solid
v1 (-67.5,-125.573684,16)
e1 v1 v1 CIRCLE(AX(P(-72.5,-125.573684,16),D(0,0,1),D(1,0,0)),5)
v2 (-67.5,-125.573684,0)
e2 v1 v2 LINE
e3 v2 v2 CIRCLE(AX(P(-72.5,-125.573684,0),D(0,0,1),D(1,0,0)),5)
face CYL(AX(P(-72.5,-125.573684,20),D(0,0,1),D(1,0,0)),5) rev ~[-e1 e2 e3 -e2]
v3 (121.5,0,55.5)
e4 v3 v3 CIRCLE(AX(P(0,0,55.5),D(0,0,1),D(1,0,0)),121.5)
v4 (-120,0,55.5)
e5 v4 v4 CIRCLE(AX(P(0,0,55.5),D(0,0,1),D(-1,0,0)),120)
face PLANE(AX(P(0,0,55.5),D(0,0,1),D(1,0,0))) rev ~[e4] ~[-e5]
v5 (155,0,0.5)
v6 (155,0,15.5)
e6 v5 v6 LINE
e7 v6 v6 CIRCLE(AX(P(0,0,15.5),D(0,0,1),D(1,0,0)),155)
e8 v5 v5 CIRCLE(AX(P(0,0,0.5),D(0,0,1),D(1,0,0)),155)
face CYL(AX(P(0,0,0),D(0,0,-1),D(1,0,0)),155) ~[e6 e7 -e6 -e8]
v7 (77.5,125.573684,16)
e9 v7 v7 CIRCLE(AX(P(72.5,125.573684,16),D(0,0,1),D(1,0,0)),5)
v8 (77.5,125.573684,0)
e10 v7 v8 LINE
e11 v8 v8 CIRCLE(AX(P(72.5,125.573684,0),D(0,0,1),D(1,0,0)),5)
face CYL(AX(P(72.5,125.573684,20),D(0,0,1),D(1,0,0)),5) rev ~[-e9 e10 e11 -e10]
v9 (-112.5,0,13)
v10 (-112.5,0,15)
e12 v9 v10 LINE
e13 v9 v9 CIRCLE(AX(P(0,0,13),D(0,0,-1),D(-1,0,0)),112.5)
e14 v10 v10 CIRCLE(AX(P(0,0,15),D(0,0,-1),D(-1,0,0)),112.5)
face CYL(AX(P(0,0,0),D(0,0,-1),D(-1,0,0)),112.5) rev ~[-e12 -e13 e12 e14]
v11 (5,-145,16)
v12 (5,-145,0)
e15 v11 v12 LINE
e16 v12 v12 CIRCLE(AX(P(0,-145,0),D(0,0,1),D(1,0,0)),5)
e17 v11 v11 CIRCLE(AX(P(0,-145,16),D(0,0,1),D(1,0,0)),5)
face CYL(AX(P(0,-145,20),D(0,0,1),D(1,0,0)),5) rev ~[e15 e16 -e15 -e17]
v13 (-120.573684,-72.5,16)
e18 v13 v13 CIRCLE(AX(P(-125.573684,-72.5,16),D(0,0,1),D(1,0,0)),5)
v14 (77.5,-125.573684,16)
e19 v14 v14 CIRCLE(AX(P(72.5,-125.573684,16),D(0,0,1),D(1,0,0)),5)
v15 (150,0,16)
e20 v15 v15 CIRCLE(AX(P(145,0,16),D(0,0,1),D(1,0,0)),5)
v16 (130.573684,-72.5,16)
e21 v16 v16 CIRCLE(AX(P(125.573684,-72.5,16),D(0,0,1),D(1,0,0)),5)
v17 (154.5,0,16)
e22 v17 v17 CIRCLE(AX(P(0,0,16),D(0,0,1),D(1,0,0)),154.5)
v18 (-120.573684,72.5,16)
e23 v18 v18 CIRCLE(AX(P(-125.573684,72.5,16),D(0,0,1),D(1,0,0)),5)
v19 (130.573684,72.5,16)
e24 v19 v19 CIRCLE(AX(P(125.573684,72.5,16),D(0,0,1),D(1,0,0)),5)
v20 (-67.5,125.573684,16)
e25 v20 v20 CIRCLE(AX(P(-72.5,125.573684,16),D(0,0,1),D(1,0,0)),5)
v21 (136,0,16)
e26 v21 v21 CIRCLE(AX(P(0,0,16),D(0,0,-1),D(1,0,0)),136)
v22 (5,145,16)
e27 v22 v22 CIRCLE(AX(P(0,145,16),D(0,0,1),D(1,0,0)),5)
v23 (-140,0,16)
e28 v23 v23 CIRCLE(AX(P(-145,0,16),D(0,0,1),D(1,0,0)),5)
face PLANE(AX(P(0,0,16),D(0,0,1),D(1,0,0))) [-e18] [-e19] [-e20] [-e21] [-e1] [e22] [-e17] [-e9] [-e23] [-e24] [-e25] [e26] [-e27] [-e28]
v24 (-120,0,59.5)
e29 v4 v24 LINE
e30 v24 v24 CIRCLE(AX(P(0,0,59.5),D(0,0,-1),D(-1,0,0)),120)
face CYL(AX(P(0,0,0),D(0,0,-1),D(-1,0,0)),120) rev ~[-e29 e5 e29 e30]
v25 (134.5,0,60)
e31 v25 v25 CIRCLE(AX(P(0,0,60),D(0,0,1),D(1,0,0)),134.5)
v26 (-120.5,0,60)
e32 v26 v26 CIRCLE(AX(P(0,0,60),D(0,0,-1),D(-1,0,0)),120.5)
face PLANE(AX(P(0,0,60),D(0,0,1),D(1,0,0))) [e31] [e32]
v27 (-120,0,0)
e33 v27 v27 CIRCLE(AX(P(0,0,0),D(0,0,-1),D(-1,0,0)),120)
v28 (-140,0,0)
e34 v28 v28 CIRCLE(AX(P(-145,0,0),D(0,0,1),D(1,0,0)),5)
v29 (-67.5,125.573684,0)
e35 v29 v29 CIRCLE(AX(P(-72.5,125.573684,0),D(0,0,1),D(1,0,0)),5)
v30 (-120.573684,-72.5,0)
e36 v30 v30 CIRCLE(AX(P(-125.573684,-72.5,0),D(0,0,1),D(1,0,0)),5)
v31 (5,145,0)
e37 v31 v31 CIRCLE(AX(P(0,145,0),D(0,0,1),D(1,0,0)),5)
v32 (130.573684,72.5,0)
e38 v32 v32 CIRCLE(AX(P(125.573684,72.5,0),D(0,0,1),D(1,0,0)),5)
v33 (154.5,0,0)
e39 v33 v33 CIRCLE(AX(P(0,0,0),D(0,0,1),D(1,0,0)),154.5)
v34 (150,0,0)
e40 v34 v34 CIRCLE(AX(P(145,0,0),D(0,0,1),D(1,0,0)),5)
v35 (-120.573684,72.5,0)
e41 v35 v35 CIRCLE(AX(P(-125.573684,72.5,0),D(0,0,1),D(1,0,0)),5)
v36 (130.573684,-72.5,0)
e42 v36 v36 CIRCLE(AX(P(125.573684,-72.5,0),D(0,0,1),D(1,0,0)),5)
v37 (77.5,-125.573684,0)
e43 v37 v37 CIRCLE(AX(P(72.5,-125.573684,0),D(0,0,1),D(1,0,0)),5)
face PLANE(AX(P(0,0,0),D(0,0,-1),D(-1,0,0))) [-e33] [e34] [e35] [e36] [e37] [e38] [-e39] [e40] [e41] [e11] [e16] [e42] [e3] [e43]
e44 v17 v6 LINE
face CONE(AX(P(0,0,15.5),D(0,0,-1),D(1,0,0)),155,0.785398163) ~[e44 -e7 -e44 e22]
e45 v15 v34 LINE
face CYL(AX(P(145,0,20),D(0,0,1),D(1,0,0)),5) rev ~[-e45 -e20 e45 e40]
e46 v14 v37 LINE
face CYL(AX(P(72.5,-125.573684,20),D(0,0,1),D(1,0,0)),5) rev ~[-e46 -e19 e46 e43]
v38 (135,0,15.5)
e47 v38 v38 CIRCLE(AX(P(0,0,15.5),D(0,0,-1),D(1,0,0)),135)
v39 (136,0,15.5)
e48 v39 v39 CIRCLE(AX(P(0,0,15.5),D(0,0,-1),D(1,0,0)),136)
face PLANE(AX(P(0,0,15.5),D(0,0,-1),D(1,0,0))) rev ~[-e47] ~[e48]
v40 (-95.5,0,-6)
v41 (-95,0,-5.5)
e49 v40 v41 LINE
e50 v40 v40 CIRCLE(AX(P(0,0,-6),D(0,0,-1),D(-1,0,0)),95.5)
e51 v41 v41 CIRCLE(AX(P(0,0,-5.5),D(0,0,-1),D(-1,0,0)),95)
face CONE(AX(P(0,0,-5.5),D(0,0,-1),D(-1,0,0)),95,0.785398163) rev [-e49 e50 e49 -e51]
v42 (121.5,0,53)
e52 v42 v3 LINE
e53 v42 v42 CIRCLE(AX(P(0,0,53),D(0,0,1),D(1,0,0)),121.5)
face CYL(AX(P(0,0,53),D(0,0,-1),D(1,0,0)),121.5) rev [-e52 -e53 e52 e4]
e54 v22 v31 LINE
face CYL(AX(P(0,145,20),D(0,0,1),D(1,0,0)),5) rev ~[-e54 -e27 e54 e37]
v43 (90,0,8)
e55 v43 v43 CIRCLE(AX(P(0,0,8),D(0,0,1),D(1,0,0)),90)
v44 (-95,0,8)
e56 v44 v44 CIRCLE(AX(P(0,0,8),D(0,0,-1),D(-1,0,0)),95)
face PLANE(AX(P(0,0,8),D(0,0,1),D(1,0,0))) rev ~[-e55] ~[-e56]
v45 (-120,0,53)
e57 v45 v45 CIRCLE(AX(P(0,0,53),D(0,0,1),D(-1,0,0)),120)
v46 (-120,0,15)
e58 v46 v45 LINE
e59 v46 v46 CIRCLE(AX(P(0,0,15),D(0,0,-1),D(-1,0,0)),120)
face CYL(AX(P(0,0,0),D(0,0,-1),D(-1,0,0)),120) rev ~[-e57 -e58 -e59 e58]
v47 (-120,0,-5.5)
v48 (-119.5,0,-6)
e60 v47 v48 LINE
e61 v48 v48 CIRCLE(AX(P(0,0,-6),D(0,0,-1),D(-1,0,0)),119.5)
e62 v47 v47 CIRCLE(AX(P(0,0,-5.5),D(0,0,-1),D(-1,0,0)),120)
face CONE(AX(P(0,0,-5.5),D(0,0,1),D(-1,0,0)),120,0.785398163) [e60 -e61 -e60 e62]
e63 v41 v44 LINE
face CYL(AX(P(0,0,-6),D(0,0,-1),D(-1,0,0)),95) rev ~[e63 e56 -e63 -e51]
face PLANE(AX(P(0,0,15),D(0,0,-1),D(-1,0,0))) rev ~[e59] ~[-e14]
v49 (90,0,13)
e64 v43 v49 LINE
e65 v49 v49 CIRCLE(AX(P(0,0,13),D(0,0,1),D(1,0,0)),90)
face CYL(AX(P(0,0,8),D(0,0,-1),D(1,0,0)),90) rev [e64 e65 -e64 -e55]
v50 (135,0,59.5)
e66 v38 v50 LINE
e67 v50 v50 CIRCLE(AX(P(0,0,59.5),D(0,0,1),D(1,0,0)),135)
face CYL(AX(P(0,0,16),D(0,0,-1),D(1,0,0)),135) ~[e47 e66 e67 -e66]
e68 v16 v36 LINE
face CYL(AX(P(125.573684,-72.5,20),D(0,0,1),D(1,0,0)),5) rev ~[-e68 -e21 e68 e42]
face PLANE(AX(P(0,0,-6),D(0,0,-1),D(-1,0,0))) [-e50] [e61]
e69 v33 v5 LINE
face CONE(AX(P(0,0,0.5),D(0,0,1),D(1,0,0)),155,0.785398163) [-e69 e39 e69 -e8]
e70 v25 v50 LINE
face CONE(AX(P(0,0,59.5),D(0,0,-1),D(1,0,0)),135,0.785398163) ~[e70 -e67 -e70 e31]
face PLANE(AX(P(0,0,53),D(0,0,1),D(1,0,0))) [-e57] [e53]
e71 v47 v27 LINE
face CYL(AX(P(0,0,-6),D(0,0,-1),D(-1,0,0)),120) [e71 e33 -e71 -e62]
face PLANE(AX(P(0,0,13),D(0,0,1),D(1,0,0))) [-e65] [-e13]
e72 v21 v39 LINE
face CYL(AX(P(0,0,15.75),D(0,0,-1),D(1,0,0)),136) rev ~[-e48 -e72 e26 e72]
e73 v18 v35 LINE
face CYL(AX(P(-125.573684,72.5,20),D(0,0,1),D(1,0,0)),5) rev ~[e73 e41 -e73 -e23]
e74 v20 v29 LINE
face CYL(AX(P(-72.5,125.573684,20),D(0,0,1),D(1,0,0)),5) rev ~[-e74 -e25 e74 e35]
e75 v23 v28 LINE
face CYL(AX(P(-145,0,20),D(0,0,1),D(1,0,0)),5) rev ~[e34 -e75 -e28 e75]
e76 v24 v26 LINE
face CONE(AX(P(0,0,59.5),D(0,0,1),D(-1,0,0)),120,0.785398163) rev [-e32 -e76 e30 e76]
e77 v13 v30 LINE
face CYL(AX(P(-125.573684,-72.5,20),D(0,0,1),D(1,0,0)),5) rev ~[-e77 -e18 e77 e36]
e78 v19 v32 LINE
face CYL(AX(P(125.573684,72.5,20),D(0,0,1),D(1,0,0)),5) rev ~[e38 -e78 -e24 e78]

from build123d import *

# Parameters (mm, degrees)
SKETCH_1_R          = 155
EXTRUDE_1_DEPTH     = 20
SKETCH_2_R          = 135
EXTRUDE_2_DEPTH     = 40
SKETCH_3_R          = 120
CUT_EXTRUDE_1_DEPTH = 228.266363547
SKETCH_4_R          = 120
SKETCH_4_R_2        = 112.5
EXTRUDE_3_DEPTH     = 15
SKETCH_5_R          = 121.5
SKETCH_5_R_2        = 120
CUT_EXTRUDE_2_DEPTH = 2.5
SKETCH_7_R          = 5
CUT_EXTRUDE_3_DEPTH = 25
SKETCH_9_R          = 120
CUT_EXTRUDE_4_DEPTH = 13
EXTRUDE_START       = 19
SKETCH_10_R         = 120
SKETCH_10_R_2       = 95
EXTRUDE_4_DEPTH     = 19
EXTRUDE_START_2     = -5
SKETCH_12_R         = 95
SKETCH_12_R_2       = 90
EXTRUDE_5_DEPTH     = 5
CUT_EXTRUDE_START   = -4
SKETCH_13_R         = 155
SKETCH_13_R_2       = 135
CUT_EXTRUDE_5_DEPTH = 4
CHAMFER_1_SIZE      = 0.5
SKETCH_14_W         = 1
SKETCH_14_H         = 0.5


with BuildPart() as part:
    # 草图1 → 拉伸1 (new body)
    with BuildSketch(Plane.XY):
        Circle(SKETCH_1_R)
    extrude(amount=EXTRUDE_1_DEPTH)

    # 草图2 → 拉伸2 (add)
    with BuildSketch(Plane.XY.offset(20)):
        Circle(SKETCH_2_R)
    extrude(amount=EXTRUDE_2_DEPTH)

    # 草图3 → 切除-拉伸1 (cut, through all)
    with BuildSketch(Plane(origin=(0, 0, 0), x_dir=(-1, 0, 0), z_dir=(0, 0, -1))):
        Circle(SKETCH_3_R)
    extrude(amount=-CUT_EXTRUDE_1_DEPTH, mode=Mode.SUBTRACT)

    # 草图4 → 拉伸3 (add)
    with BuildSketch(Plane(origin=(0, 0, 0), x_dir=(-1, 0, 0), z_dir=(0, 0, -1))):
        Circle(SKETCH_4_R)
        Circle(SKETCH_4_R_2, mode=Mode.SUBTRACT)
    extrude(amount=-EXTRUDE_3_DEPTH)

    # 草图5 → 切除-拉伸2 (cut)
    with BuildSketch(Plane.XY.offset(53)):
        Circle(SKETCH_5_R)
        with Locations(Location((0, 0, 0), (0, 0, 180))):
            Circle(SKETCH_5_R_2, mode=Mode.SUBTRACT)
    extrude(amount=CUT_EXTRUDE_2_DEPTH, mode=Mode.SUBTRACT)

    # 草图7 → 切除-拉伸3 (cut)
    with BuildSketch(Plane.XY.offset(20)):
        with Locations((72.5, 125.573683549)):
            Circle(SKETCH_7_R)
        with Locations((0, 145)):
            Circle(SKETCH_7_R)
        with Locations((125.573683549, 72.5)):
            Circle(SKETCH_7_R)
        with Locations((145, 0)):
            Circle(SKETCH_7_R)
        with Locations((125.573683549, -72.5)):
            Circle(SKETCH_7_R)
        with Locations((72.5, -125.573683549)):
            Circle(SKETCH_7_R)
        with Locations((0, -145)):
            Circle(SKETCH_7_R)
        with Locations((-72.5, -125.573683549)):
            Circle(SKETCH_7_R)
        with Locations((-125.573683549, -72.5)):
            Circle(SKETCH_7_R)
        with Locations((-145, 0)):
            Circle(SKETCH_7_R)
        with Locations((-125.573683549, 72.5)):
            Circle(SKETCH_7_R)
        with Locations((-72.5, 125.573683549)):
            Circle(SKETCH_7_R)
    extrude(amount=-CUT_EXTRUDE_3_DEPTH, mode=Mode.SUBTRACT)

    # 草图9 → 切除-拉伸4 (cut)
    with BuildSketch(Plane(origin=(0, 0, 0), x_dir=(-1, 0, 0), z_dir=(0, 0, -1))):
        Circle(SKETCH_9_R)
    extrude(amount=-CUT_EXTRUDE_4_DEPTH, mode=Mode.SUBTRACT)

    # 草图10 → 拉伸4 (add)
    with BuildSketch(Plane(origin=(0, 0, 13), x_dir=(-1, 0, 0), z_dir=(0, 0, -1)).offset(EXTRUDE_START)):
        Circle(SKETCH_10_R)
        Circle(SKETCH_10_R_2, mode=Mode.SUBTRACT)
    extrude(amount=-EXTRUDE_4_DEPTH)

    # 草图12 → 拉伸5 (add)
    with BuildSketch(Plane.XY.offset(13).offset(EXTRUDE_START_2)):
        Circle(SKETCH_12_R)
        Circle(SKETCH_12_R_2, mode=Mode.SUBTRACT)
    extrude(amount=EXTRUDE_5_DEPTH)

    # 草图13 → 切除-拉伸5 (cut)
    with BuildSketch(Plane.XY.offset(20).offset(CUT_EXTRUDE_START)):
        Circle(SKETCH_13_R)
        Circle(SKETCH_13_R_2, mode=Mode.SUBTRACT)
    extrude(amount=CUT_EXTRUDE_5_DEPTH, mode=Mode.SUBTRACT)

    # 倒角1
    chamfer_1_edges = [part.edges().sort_by_distance(p)[0] for p in [
        (120, 0, 60),
        (-155, 0, 16),
        (-155, 0, 0),
        (-135, 0, 60),
        (120, 0, -6),
        (95, 0, -6),
    ]]
    chamfer(chamfer_1_edges, length=CHAMFER_1_SIZE)

    # 草图14 → 切除-旋转1 (revolve, cut)
    with BuildSketch(Plane(origin=(0, 0, 0), x_dir=(1, 0, 0), z_dir=(0, 1, 0)), mode=Mode.PRIVATE) as cut_revolve_1_sk:
        with Locations((-135.5, -15.75)):
            Rectangle(SKETCH_14_W, SKETCH_14_H)
    revolve(cut_revolve_1_sk.sketch.rotate(Axis((0, 0, 8), (0, 0, -1)), 180), axis=Axis((0, 0, 8), (0, 0, -1)), mode=Mode.SUBTRACT)


solid = part.part
